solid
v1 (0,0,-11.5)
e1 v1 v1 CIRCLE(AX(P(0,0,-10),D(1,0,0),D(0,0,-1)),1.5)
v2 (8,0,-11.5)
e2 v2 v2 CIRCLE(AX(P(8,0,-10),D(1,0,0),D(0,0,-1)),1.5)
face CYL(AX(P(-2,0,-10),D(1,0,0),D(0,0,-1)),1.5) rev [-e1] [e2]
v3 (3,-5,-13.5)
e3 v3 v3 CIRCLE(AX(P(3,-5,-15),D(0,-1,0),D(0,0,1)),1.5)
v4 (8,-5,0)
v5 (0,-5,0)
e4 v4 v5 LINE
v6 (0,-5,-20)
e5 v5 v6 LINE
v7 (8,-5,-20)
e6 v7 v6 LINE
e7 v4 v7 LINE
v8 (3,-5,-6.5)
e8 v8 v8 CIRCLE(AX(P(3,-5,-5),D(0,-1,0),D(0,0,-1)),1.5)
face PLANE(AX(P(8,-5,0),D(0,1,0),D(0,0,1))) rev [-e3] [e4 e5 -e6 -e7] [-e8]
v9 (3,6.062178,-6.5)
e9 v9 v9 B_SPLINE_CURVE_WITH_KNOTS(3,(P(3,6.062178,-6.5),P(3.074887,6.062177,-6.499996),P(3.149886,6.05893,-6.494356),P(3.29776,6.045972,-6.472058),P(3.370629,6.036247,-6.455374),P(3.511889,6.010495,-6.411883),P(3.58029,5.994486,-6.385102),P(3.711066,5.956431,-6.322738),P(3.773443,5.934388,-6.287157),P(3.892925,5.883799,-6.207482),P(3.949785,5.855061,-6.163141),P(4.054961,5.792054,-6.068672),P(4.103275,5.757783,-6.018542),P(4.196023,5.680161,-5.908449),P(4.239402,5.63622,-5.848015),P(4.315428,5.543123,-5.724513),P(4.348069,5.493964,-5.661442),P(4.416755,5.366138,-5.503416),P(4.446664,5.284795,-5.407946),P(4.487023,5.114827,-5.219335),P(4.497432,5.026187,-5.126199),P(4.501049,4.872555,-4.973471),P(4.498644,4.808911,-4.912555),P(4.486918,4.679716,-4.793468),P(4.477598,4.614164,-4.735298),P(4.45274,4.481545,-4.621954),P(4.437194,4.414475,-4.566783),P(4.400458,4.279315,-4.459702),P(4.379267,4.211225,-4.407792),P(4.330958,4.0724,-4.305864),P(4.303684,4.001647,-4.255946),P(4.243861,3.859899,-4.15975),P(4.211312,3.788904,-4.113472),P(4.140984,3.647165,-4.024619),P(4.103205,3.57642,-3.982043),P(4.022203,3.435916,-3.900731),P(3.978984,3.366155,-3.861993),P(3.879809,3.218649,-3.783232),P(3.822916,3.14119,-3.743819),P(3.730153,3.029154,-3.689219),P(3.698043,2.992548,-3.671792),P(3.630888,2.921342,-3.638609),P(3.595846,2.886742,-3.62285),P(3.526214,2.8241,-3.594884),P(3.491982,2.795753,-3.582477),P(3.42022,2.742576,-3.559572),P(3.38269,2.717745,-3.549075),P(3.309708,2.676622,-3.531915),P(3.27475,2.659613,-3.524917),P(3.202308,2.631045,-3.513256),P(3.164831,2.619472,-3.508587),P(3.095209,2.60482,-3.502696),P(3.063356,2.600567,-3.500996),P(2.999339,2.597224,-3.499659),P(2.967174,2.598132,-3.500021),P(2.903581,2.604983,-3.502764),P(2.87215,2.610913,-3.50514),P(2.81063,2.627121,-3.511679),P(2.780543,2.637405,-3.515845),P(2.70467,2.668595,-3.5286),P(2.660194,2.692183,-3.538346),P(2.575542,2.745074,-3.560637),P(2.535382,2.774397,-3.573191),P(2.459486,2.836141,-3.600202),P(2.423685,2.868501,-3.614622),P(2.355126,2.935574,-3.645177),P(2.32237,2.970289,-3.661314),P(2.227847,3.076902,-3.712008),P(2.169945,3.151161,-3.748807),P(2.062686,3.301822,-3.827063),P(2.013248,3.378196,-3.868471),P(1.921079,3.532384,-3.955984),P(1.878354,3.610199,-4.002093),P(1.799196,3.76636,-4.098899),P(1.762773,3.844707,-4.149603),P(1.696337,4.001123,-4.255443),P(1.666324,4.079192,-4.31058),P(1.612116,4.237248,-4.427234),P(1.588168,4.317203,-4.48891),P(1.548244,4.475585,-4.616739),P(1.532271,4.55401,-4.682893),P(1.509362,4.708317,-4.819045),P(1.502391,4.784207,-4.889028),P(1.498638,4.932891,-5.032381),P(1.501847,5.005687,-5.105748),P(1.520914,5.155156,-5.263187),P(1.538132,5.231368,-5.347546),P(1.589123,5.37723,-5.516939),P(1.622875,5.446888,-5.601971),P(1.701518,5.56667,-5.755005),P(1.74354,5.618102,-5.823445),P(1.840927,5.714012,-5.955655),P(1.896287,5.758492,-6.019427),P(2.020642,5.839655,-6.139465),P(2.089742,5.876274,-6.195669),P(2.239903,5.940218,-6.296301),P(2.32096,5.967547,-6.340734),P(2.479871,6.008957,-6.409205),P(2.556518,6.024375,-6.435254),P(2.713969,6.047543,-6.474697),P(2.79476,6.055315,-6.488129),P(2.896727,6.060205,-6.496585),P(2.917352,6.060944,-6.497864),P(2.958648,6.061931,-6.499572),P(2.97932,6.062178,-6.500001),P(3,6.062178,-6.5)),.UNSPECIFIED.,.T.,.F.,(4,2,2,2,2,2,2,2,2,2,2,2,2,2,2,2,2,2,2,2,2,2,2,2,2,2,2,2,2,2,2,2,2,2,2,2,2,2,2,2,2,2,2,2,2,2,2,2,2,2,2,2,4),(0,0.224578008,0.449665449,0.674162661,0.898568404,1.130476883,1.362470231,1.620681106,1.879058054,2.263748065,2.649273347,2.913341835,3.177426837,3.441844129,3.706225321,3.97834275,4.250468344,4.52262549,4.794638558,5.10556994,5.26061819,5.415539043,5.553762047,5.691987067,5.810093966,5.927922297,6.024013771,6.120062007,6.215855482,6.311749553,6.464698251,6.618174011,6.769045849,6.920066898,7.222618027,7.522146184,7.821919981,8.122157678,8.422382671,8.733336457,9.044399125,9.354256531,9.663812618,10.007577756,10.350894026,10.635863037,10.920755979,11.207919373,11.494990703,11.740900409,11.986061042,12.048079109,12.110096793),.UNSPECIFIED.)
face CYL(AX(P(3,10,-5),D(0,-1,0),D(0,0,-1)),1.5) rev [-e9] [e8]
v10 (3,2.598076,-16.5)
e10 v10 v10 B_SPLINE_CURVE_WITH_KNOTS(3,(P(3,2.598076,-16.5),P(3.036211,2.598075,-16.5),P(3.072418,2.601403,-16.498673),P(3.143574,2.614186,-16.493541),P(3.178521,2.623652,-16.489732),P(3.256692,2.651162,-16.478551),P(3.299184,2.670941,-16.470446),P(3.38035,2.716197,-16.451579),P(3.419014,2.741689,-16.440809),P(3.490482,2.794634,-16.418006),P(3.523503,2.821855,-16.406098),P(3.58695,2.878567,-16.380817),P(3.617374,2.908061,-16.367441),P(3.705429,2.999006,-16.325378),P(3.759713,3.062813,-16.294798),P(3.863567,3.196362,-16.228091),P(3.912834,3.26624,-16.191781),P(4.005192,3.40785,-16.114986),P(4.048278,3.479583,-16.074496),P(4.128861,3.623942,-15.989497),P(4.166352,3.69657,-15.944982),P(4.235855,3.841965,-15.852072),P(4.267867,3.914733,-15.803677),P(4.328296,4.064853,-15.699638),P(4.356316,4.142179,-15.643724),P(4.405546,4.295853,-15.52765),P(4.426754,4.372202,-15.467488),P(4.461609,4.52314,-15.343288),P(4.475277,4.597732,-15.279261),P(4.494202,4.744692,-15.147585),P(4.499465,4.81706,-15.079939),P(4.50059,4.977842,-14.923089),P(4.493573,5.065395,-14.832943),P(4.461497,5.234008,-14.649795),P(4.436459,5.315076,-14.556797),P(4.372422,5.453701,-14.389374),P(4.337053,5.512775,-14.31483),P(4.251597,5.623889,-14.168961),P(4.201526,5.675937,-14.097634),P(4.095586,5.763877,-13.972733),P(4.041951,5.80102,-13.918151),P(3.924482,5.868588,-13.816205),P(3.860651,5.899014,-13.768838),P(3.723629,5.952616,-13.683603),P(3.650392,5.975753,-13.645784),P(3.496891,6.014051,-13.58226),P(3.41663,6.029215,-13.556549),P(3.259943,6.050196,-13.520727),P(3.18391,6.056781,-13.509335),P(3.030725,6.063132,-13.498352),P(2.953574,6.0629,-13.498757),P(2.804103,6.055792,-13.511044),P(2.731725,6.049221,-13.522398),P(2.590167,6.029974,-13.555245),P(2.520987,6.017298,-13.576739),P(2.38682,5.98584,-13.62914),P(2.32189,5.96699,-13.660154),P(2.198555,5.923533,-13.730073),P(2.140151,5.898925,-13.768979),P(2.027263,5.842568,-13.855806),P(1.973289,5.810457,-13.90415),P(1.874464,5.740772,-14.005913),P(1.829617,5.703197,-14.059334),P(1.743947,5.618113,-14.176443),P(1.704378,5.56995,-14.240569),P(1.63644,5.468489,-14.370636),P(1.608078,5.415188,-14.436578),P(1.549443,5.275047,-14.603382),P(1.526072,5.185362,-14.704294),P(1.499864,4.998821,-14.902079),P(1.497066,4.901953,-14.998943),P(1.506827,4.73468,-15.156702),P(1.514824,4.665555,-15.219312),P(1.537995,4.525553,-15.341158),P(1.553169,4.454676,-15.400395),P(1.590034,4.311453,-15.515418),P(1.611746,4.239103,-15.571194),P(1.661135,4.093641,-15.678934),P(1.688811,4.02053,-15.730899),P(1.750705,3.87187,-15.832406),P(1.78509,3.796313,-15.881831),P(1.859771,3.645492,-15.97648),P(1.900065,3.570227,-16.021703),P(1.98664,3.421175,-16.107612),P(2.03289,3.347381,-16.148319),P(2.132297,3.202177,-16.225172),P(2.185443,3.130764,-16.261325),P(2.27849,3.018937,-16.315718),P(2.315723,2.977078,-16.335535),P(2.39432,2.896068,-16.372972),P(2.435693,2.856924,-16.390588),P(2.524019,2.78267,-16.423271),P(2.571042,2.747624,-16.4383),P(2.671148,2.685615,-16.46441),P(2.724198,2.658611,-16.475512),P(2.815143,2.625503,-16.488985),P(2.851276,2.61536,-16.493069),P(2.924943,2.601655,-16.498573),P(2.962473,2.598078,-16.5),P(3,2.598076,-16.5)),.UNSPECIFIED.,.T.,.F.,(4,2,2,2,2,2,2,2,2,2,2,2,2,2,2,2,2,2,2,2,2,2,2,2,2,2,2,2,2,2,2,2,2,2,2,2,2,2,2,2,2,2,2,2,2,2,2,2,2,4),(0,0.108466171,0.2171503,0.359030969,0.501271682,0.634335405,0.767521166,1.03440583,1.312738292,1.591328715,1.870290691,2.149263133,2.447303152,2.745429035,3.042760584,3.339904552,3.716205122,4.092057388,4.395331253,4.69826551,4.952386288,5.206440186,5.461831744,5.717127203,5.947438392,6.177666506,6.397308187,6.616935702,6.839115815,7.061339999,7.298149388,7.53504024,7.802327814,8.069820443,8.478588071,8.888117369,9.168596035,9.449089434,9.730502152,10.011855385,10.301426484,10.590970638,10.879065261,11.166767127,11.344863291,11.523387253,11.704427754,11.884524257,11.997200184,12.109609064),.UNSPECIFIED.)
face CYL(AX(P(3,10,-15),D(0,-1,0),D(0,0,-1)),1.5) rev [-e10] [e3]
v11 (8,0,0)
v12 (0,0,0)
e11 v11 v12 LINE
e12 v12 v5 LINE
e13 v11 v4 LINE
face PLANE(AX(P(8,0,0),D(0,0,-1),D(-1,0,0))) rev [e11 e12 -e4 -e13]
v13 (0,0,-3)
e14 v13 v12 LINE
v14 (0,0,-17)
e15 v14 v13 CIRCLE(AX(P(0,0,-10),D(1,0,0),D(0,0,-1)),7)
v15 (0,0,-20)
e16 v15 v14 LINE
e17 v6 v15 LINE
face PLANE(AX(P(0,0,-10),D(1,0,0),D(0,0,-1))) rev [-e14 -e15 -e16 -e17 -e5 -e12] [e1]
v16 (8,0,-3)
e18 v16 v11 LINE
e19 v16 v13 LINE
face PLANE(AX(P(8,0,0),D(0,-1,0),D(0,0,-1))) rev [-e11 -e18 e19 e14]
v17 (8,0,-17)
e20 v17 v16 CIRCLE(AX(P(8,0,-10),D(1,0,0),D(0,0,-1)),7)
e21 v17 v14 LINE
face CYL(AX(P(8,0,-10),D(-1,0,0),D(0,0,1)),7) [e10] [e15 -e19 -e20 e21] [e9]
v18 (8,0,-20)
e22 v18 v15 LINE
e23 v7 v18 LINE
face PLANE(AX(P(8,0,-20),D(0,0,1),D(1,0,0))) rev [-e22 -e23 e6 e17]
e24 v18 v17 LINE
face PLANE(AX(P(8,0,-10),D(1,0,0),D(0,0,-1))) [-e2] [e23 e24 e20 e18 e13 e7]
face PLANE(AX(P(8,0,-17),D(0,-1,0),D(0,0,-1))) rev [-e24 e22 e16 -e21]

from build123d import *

# Parameters (mm, degrees)
BOSS_EXTRUDE1_DEPTH = 8
SKETCH3_R           = 1.5
CUT_EXTRUDE1_DEPTH  = 15
SKETCH4_R           = 1.5
CUT_EXTRUDE2_DEPTH  = 10


with BuildPart() as part:
    # Sketch1 → Boss-Extrude1 (new body)
    with BuildSketch(Plane(origin=(0, 0, 0), x_dir=(0, 0, -1), z_dir=(1, 0, 0))):
        with BuildLine():
            Line((17, 0), (20, 0))
            Line((20, 0), (20, -5))
            Line((20, -5), (0, -5))
            Line((0, -5), (0, 0))
            Line((0, 0), (3, 0))
            ThreePointArc((3, 0), (10, 7), (17, 0))
        make_face()
    extrude(amount=BOSS_EXTRUDE1_DEPTH)

    # Sketch3 → Cut-Extrude1 (cut)
    with BuildSketch(Plane.XZ.offset(5)):
        with Locations(Location((3, -5, 0), (0, 0, 270))):
            Circle(SKETCH3_R)
        with Locations(Location((3, -15, 0), (0, 0, 270))):
            Circle(SKETCH3_R)
    extrude(amount=-CUT_EXTRUDE1_DEPTH, mode=Mode.SUBTRACT)

    # Sketch4 → Cut-Extrude2 (cut)
    with BuildSketch(Plane(origin=(8, 0, 0), x_dir=(0, 0, -1), z_dir=(1, 0, 0))):
        with Locations((10, 0)):
            Circle(SKETCH4_R)
    extrude(amount=-CUT_EXTRUDE2_DEPTH, mode=Mode.SUBTRACT)


solid = part.part
